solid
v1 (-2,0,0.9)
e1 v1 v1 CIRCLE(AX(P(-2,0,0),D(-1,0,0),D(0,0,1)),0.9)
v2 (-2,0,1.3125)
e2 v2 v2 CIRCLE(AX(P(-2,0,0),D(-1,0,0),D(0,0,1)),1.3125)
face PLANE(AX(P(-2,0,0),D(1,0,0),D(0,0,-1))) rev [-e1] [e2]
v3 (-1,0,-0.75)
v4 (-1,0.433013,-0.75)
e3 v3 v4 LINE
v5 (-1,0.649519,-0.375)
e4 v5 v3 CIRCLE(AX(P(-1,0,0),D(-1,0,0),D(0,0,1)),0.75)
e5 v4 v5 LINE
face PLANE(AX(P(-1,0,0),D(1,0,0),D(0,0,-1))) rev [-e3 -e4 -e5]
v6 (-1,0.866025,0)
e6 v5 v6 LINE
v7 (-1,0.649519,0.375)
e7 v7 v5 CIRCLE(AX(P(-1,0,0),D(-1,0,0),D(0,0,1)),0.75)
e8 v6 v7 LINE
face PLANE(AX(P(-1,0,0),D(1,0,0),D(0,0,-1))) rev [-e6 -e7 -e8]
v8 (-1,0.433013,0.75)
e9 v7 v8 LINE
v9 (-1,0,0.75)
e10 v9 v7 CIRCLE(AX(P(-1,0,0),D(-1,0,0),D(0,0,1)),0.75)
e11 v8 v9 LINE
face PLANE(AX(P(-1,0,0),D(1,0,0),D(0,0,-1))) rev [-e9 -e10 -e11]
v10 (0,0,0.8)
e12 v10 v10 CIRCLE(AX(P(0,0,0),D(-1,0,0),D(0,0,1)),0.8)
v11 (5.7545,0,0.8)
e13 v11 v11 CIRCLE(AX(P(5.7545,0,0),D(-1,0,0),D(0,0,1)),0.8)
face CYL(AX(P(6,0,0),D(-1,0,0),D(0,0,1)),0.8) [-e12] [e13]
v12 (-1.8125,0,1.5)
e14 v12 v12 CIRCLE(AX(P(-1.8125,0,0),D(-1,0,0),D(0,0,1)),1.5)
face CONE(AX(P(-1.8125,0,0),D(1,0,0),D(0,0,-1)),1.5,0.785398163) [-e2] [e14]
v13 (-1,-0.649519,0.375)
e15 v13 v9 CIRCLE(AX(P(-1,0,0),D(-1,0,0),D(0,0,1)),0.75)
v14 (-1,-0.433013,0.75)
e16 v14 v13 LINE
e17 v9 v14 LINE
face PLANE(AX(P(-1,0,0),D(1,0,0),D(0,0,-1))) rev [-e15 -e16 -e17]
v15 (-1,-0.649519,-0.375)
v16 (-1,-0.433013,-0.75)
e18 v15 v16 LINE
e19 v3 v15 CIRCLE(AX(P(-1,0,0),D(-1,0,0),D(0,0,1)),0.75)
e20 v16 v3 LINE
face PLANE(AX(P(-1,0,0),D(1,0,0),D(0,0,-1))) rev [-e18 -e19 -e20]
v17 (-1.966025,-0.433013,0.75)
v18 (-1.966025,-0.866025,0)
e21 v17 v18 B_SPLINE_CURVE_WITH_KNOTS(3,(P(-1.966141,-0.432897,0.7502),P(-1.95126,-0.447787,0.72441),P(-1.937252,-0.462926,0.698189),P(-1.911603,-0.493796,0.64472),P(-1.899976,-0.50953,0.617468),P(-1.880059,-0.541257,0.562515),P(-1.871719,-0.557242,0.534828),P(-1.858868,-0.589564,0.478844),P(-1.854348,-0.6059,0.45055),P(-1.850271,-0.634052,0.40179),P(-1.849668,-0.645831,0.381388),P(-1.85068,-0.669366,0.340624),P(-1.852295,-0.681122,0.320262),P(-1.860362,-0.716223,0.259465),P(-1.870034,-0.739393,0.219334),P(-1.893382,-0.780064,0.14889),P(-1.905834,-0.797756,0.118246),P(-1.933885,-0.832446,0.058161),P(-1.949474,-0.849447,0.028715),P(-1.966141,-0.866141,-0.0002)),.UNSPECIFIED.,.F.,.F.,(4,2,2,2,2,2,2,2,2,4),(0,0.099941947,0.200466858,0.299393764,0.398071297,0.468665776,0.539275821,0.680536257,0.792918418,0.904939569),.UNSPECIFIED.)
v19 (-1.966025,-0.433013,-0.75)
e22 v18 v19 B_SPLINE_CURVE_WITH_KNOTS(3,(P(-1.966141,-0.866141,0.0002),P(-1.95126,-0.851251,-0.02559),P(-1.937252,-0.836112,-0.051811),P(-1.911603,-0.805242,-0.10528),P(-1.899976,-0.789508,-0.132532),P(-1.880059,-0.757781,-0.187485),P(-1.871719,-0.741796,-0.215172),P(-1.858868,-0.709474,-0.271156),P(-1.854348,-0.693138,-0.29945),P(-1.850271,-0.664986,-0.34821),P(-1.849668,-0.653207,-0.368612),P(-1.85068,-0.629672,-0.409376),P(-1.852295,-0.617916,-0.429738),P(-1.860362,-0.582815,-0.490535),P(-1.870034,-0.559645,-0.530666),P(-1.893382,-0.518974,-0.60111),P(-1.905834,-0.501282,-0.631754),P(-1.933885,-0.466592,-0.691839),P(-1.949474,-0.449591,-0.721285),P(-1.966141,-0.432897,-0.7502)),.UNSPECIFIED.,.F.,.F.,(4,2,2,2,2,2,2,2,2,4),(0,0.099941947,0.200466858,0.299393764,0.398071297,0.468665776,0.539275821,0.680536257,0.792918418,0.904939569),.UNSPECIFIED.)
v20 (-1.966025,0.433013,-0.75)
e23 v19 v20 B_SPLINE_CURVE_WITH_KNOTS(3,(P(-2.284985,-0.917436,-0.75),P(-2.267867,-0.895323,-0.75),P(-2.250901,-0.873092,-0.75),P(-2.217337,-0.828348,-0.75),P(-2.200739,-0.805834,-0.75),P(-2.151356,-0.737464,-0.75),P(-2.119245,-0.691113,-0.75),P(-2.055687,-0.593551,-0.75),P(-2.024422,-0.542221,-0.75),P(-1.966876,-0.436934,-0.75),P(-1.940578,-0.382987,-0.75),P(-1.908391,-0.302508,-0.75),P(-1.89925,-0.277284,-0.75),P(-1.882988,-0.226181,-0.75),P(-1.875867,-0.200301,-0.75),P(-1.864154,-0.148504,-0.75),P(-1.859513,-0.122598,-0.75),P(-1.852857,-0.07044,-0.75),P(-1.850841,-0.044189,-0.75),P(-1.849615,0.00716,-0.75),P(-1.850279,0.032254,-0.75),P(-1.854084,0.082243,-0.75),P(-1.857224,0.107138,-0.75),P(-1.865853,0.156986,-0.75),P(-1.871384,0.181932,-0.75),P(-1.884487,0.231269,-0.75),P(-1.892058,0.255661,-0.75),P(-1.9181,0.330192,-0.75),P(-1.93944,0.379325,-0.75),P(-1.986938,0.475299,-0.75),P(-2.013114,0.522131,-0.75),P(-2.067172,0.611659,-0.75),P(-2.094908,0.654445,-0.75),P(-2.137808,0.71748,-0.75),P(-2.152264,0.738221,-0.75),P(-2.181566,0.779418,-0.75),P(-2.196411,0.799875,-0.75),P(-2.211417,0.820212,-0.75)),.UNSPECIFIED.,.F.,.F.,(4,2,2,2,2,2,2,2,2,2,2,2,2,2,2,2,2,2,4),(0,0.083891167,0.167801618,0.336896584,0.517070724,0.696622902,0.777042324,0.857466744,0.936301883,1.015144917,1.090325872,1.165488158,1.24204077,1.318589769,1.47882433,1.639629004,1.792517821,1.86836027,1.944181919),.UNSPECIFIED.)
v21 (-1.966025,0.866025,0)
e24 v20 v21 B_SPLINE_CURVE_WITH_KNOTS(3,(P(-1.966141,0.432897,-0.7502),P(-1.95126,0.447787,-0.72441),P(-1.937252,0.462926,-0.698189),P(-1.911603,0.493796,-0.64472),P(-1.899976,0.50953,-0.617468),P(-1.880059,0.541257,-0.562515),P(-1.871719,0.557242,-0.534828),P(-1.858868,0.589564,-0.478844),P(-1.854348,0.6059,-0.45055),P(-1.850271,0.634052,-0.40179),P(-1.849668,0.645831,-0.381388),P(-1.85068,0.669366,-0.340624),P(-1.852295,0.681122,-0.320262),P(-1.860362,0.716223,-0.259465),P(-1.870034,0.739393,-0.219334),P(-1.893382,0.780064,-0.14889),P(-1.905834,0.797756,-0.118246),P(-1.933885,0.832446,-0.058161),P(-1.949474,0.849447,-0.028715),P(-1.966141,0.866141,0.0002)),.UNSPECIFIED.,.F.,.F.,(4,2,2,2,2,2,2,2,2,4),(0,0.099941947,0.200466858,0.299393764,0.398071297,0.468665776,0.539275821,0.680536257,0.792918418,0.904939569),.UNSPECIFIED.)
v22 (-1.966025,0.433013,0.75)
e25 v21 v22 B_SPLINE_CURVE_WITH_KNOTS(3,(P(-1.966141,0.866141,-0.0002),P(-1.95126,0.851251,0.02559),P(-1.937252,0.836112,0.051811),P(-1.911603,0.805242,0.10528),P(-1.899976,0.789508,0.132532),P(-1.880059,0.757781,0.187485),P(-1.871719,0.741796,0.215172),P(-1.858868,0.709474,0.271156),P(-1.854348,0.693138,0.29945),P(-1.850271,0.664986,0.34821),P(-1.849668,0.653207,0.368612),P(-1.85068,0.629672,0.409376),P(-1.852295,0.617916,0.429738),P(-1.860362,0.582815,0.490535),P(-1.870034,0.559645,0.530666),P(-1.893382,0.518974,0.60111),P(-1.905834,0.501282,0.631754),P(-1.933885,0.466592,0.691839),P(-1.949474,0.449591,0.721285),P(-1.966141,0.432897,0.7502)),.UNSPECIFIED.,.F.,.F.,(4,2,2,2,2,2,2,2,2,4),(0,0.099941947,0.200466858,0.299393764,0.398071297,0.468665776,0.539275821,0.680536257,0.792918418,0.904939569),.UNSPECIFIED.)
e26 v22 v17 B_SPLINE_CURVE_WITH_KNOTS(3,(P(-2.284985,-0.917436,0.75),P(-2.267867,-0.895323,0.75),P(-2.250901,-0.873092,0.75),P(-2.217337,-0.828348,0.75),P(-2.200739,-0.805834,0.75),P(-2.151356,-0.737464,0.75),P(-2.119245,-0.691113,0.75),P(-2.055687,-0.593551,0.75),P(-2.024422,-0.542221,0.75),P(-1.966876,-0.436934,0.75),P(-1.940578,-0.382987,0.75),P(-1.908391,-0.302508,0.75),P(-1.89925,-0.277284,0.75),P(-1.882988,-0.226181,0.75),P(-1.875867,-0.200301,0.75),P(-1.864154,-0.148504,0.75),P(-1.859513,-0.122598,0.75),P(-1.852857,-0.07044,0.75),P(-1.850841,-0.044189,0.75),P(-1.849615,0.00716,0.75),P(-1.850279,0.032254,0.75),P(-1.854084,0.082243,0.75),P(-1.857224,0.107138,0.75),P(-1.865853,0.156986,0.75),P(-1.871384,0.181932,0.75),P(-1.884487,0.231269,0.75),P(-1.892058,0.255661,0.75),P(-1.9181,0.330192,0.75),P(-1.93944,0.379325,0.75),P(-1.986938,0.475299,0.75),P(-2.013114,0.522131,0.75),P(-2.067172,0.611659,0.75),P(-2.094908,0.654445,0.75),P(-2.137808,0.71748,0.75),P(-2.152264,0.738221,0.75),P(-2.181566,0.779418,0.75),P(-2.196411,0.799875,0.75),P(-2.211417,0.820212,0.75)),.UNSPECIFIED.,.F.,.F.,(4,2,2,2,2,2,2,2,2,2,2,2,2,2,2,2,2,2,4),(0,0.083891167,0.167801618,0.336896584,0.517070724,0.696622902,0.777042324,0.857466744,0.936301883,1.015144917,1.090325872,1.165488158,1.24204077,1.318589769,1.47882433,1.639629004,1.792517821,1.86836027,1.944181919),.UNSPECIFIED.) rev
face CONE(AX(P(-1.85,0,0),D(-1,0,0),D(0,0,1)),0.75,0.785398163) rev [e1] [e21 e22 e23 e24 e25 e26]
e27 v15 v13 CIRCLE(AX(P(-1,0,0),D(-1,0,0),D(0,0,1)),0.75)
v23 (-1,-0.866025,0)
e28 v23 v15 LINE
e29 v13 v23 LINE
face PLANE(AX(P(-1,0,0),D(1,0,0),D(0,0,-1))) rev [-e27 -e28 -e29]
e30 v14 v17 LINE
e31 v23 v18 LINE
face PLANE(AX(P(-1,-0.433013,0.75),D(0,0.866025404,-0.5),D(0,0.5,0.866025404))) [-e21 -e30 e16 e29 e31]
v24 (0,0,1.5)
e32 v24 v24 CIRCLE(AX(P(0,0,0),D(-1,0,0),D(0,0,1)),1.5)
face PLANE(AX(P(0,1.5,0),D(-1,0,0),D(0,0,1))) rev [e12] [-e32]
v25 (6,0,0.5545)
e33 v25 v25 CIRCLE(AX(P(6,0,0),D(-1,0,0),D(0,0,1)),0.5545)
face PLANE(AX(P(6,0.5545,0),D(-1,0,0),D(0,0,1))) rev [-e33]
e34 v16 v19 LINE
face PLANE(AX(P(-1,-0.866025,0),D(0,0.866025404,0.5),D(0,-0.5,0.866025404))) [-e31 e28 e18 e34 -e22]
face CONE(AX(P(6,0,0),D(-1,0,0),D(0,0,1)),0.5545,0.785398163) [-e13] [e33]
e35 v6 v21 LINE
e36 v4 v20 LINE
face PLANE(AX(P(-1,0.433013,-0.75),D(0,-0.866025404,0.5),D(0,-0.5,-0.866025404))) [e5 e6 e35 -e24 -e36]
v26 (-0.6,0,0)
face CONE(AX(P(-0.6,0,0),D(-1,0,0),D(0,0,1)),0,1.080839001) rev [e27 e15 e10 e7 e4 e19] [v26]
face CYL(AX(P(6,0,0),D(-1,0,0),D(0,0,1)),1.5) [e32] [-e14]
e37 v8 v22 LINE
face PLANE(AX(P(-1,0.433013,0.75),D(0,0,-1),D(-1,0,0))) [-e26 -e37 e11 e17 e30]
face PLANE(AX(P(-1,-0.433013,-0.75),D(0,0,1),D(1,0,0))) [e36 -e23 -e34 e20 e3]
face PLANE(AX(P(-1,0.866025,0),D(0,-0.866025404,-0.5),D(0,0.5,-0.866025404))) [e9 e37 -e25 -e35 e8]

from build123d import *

# Parameters (mm, degrees)
CUT_EXTRUDE1_DEPTH = 1


with BuildPart() as part:
    # Sketch1 → Revolve1 (revolve)
    with BuildSketch(Plane.XY):
        Polygon((-2, 0), (-2, 1.3125), (-1.8125, 1.5), (0, 1.5), (0, 0.8), (5.7545, 0.8), (6, 0.5545), (6, 0), align=None)
    revolve(axis=Axis((6, 0, 0), (-1, 0, 0)))

    # Sketch2 → Cut-Revolve1 (revolve, cut)
    with BuildSketch(Plane.XY):
        Polygon((-2, 0), (-2, 0.9), (-1.85, 0.75), (-1, 0.75), (-0.6, 0), align=None)
    revolve(axis=Axis((-0.6, 0, 0), (-1, 0, 0)), mode=Mode.SUBTRACT)

    # Sketch3 → Cut-Extrude1 (cut)
    with BuildSketch(Plane(origin=(-2, 0, 0), x_dir=(0, 0, -1), z_dir=(1, 0, 0))):
        Polygon((-0.75, -0.433012702), (0, -0.866025404), (0.75, -0.433012702), (0.75, 0.433012702), (0, 0.866025404), (-0.75, 0.433012702), align=None)
    extrude(amount=CUT_EXTRUDE1_DEPTH, mode=Mode.SUBTRACT)


solid = part.part
